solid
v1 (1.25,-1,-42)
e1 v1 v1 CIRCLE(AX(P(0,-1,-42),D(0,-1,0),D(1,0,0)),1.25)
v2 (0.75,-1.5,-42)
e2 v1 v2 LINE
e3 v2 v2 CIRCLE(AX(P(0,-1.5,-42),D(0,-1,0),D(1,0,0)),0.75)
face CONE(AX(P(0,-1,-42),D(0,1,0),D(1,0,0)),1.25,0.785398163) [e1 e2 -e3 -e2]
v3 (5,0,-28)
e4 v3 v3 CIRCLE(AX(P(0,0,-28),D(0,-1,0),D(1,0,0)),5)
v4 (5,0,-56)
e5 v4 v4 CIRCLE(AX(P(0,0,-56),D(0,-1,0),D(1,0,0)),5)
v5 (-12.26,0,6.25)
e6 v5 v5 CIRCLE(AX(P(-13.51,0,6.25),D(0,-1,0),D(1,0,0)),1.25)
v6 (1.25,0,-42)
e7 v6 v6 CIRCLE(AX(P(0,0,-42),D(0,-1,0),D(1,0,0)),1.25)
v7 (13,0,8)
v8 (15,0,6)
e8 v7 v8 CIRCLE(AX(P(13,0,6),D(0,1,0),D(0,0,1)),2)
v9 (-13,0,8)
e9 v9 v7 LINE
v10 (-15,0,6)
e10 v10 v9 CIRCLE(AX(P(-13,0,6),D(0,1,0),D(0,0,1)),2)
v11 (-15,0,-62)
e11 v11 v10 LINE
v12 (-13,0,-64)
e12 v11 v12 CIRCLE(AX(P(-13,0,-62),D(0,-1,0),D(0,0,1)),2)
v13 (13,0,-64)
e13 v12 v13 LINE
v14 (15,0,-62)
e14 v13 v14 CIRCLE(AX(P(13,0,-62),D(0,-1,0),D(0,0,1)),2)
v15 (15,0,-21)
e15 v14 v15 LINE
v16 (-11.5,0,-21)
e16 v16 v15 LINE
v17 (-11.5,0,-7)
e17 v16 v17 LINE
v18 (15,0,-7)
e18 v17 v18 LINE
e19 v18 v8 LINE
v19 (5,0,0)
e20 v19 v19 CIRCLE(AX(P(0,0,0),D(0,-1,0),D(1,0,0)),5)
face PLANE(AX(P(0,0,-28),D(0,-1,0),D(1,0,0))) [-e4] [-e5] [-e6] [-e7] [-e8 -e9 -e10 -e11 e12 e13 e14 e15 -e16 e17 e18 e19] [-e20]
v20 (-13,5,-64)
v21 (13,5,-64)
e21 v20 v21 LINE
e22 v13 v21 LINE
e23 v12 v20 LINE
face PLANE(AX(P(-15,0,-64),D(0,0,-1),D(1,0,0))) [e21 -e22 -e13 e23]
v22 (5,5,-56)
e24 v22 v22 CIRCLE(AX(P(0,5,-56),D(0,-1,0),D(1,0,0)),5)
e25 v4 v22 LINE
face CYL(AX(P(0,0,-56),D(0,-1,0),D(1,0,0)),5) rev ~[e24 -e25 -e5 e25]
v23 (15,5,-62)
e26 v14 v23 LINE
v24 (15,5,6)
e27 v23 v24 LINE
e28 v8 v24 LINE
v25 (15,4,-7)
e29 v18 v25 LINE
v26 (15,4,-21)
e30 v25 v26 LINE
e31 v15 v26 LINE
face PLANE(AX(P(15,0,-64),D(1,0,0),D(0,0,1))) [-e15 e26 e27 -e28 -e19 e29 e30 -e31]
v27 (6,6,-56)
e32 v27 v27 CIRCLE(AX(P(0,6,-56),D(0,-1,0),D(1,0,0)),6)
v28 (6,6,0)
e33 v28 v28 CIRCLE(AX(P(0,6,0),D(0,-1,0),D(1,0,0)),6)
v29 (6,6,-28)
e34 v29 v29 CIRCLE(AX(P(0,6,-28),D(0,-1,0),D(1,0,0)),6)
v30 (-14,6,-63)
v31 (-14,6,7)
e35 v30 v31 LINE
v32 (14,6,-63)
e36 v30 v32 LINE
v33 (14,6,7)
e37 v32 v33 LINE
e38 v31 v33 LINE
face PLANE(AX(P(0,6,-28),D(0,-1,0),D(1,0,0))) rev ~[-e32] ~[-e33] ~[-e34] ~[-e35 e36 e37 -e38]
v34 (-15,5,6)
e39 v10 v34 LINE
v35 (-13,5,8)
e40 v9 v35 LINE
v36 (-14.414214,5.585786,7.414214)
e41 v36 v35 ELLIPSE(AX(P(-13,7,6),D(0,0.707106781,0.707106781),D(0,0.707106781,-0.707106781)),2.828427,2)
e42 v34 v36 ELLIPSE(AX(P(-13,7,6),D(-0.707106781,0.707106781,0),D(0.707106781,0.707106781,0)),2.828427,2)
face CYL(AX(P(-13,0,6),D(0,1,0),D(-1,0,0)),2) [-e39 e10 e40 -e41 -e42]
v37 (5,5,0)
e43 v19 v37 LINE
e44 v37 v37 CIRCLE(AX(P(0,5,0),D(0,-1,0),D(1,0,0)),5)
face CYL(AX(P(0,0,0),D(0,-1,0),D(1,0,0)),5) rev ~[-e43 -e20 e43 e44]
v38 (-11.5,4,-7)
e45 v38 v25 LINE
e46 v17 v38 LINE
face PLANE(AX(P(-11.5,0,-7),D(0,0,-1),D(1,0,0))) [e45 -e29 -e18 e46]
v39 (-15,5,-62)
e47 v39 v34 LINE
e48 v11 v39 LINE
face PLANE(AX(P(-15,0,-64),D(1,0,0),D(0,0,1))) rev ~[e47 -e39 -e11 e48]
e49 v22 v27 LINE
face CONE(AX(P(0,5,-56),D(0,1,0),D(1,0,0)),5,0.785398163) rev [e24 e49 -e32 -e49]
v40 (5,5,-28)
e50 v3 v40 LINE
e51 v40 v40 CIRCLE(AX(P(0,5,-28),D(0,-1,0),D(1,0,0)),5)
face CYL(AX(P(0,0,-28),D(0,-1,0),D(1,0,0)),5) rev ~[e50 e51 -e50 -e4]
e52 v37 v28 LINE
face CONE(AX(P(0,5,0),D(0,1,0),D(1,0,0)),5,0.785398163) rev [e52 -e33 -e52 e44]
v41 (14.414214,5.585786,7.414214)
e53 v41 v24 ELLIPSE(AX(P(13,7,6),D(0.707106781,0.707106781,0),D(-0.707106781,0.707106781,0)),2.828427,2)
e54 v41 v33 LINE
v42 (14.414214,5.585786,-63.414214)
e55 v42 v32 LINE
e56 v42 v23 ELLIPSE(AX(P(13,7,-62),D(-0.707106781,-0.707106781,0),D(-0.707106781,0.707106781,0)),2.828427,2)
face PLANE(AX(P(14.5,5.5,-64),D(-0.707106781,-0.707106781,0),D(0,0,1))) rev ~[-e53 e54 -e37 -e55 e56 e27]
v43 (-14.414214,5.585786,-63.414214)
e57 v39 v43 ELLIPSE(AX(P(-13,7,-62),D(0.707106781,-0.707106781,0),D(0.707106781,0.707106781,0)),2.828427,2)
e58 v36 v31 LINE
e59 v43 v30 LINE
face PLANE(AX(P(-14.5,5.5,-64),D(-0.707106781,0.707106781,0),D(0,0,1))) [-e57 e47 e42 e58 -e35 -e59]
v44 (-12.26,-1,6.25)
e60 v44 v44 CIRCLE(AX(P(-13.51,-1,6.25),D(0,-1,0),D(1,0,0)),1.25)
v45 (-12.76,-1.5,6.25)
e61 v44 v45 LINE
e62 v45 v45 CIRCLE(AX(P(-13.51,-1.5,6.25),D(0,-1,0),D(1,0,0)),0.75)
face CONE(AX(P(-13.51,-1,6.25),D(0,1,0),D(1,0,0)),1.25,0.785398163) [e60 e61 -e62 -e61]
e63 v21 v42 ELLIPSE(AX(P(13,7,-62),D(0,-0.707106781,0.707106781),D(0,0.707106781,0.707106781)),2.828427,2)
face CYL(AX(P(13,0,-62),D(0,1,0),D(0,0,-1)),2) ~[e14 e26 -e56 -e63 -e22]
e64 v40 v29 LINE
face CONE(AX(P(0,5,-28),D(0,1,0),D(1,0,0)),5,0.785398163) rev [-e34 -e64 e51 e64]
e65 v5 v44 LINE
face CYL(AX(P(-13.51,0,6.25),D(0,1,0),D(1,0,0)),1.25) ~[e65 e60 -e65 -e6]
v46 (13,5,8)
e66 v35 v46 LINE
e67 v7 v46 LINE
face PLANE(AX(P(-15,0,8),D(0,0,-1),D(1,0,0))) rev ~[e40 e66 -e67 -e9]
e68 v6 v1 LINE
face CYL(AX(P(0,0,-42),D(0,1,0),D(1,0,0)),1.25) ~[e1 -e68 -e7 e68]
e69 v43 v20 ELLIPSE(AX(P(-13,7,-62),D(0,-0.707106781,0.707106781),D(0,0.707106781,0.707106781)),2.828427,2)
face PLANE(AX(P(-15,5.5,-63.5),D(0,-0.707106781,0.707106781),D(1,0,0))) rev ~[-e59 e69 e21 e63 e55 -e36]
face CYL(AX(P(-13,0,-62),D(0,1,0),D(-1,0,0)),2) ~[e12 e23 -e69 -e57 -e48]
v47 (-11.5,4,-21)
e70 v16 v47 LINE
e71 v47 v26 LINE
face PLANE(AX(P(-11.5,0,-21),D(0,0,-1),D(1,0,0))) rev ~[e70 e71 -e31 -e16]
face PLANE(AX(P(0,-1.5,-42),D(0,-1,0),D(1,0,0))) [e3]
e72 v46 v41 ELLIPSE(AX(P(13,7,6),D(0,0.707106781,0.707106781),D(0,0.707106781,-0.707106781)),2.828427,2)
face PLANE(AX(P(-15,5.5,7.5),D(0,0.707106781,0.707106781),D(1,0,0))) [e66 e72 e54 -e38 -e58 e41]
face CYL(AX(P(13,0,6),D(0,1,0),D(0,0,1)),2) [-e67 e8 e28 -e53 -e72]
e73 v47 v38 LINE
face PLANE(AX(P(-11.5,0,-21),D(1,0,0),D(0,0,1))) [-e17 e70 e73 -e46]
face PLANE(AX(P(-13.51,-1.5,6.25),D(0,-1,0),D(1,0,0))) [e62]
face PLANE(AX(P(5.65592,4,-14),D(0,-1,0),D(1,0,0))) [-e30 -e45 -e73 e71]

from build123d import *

# Parameters (mm, degrees)
F0_W     = 30
F0_H     = 72
F0_R     = 5
F1_DEPTH = 6
F2_R     = 1.25
F3_DEPTH = 1.5
F4_SIZE  = 0.5
F5_SIZE  = 1
F6_R     = 2
F7_W     = 34.31184
F7_H     = 14
F8_DEPTH = 4


with BuildPart() as f1:
    # F0 (on Front) → F1 (new body)
    with BuildSketch(Plane.XZ):
        with Locations((0, -28)):
            Rectangle(F0_W, F0_H)
        with Locations((0, -56)):
            Circle(F0_R, mode=Mode.SUBTRACT)
        with Locations((0, -28)):
            Circle(F0_R, mode=Mode.SUBTRACT)
        Circle(F0_R, mode=Mode.SUBTRACT)
    extrude(amount=-F1_DEPTH)

    # F2 (on Front) → F3 (join)
    with BuildSketch(Plane.XZ):
        with Locations((-13.51, 6.25)):
            Circle(F2_R)
        with Locations((0, -42)):
            Circle(F2_R)
    extrude(amount=F3_DEPTH)

    # F4
    f4_edges = [f1.edges().sort_by_distance(p)[0] for p in [
        (-14.76, -1.5, 6.25),
        (-1.25, -1.5, -42),
    ]]
    chamfer(f4_edges, length=F4_SIZE)

    # F5
    f5_edges = [f1.edges().sort_by_distance(p)[0] for p in [
        (-5, 6, -56),
        (-5, 6, -28),
        (-5, 6, 0),
        (-15, 6, -28),
        (0, 6, -64),
        (0, 6, 8),
        (15, 6, -28),
    ]]
    chamfer(f5_edges, length=F5_SIZE)

    # F6
    f6_edges = [f1.edges().sort_by_distance(p)[0] for p in [
        (-15, 2.5, 8),
        (15, 2.5, 8),
        (15, 2.5, -64),
        (-15, 2.5, -64),
    ]]
    fillet(f6_edges, radius=F6_R)

    # F7 (on Front) → F8 (cut)
    with BuildSketch(Plane.XZ):
        with Locations((5.65592, -14)):
            Rectangle(F7_W, F7_H)
    extrude(amount=-F8_DEPTH, mode=Mode.SUBTRACT)


solid = f1.part
